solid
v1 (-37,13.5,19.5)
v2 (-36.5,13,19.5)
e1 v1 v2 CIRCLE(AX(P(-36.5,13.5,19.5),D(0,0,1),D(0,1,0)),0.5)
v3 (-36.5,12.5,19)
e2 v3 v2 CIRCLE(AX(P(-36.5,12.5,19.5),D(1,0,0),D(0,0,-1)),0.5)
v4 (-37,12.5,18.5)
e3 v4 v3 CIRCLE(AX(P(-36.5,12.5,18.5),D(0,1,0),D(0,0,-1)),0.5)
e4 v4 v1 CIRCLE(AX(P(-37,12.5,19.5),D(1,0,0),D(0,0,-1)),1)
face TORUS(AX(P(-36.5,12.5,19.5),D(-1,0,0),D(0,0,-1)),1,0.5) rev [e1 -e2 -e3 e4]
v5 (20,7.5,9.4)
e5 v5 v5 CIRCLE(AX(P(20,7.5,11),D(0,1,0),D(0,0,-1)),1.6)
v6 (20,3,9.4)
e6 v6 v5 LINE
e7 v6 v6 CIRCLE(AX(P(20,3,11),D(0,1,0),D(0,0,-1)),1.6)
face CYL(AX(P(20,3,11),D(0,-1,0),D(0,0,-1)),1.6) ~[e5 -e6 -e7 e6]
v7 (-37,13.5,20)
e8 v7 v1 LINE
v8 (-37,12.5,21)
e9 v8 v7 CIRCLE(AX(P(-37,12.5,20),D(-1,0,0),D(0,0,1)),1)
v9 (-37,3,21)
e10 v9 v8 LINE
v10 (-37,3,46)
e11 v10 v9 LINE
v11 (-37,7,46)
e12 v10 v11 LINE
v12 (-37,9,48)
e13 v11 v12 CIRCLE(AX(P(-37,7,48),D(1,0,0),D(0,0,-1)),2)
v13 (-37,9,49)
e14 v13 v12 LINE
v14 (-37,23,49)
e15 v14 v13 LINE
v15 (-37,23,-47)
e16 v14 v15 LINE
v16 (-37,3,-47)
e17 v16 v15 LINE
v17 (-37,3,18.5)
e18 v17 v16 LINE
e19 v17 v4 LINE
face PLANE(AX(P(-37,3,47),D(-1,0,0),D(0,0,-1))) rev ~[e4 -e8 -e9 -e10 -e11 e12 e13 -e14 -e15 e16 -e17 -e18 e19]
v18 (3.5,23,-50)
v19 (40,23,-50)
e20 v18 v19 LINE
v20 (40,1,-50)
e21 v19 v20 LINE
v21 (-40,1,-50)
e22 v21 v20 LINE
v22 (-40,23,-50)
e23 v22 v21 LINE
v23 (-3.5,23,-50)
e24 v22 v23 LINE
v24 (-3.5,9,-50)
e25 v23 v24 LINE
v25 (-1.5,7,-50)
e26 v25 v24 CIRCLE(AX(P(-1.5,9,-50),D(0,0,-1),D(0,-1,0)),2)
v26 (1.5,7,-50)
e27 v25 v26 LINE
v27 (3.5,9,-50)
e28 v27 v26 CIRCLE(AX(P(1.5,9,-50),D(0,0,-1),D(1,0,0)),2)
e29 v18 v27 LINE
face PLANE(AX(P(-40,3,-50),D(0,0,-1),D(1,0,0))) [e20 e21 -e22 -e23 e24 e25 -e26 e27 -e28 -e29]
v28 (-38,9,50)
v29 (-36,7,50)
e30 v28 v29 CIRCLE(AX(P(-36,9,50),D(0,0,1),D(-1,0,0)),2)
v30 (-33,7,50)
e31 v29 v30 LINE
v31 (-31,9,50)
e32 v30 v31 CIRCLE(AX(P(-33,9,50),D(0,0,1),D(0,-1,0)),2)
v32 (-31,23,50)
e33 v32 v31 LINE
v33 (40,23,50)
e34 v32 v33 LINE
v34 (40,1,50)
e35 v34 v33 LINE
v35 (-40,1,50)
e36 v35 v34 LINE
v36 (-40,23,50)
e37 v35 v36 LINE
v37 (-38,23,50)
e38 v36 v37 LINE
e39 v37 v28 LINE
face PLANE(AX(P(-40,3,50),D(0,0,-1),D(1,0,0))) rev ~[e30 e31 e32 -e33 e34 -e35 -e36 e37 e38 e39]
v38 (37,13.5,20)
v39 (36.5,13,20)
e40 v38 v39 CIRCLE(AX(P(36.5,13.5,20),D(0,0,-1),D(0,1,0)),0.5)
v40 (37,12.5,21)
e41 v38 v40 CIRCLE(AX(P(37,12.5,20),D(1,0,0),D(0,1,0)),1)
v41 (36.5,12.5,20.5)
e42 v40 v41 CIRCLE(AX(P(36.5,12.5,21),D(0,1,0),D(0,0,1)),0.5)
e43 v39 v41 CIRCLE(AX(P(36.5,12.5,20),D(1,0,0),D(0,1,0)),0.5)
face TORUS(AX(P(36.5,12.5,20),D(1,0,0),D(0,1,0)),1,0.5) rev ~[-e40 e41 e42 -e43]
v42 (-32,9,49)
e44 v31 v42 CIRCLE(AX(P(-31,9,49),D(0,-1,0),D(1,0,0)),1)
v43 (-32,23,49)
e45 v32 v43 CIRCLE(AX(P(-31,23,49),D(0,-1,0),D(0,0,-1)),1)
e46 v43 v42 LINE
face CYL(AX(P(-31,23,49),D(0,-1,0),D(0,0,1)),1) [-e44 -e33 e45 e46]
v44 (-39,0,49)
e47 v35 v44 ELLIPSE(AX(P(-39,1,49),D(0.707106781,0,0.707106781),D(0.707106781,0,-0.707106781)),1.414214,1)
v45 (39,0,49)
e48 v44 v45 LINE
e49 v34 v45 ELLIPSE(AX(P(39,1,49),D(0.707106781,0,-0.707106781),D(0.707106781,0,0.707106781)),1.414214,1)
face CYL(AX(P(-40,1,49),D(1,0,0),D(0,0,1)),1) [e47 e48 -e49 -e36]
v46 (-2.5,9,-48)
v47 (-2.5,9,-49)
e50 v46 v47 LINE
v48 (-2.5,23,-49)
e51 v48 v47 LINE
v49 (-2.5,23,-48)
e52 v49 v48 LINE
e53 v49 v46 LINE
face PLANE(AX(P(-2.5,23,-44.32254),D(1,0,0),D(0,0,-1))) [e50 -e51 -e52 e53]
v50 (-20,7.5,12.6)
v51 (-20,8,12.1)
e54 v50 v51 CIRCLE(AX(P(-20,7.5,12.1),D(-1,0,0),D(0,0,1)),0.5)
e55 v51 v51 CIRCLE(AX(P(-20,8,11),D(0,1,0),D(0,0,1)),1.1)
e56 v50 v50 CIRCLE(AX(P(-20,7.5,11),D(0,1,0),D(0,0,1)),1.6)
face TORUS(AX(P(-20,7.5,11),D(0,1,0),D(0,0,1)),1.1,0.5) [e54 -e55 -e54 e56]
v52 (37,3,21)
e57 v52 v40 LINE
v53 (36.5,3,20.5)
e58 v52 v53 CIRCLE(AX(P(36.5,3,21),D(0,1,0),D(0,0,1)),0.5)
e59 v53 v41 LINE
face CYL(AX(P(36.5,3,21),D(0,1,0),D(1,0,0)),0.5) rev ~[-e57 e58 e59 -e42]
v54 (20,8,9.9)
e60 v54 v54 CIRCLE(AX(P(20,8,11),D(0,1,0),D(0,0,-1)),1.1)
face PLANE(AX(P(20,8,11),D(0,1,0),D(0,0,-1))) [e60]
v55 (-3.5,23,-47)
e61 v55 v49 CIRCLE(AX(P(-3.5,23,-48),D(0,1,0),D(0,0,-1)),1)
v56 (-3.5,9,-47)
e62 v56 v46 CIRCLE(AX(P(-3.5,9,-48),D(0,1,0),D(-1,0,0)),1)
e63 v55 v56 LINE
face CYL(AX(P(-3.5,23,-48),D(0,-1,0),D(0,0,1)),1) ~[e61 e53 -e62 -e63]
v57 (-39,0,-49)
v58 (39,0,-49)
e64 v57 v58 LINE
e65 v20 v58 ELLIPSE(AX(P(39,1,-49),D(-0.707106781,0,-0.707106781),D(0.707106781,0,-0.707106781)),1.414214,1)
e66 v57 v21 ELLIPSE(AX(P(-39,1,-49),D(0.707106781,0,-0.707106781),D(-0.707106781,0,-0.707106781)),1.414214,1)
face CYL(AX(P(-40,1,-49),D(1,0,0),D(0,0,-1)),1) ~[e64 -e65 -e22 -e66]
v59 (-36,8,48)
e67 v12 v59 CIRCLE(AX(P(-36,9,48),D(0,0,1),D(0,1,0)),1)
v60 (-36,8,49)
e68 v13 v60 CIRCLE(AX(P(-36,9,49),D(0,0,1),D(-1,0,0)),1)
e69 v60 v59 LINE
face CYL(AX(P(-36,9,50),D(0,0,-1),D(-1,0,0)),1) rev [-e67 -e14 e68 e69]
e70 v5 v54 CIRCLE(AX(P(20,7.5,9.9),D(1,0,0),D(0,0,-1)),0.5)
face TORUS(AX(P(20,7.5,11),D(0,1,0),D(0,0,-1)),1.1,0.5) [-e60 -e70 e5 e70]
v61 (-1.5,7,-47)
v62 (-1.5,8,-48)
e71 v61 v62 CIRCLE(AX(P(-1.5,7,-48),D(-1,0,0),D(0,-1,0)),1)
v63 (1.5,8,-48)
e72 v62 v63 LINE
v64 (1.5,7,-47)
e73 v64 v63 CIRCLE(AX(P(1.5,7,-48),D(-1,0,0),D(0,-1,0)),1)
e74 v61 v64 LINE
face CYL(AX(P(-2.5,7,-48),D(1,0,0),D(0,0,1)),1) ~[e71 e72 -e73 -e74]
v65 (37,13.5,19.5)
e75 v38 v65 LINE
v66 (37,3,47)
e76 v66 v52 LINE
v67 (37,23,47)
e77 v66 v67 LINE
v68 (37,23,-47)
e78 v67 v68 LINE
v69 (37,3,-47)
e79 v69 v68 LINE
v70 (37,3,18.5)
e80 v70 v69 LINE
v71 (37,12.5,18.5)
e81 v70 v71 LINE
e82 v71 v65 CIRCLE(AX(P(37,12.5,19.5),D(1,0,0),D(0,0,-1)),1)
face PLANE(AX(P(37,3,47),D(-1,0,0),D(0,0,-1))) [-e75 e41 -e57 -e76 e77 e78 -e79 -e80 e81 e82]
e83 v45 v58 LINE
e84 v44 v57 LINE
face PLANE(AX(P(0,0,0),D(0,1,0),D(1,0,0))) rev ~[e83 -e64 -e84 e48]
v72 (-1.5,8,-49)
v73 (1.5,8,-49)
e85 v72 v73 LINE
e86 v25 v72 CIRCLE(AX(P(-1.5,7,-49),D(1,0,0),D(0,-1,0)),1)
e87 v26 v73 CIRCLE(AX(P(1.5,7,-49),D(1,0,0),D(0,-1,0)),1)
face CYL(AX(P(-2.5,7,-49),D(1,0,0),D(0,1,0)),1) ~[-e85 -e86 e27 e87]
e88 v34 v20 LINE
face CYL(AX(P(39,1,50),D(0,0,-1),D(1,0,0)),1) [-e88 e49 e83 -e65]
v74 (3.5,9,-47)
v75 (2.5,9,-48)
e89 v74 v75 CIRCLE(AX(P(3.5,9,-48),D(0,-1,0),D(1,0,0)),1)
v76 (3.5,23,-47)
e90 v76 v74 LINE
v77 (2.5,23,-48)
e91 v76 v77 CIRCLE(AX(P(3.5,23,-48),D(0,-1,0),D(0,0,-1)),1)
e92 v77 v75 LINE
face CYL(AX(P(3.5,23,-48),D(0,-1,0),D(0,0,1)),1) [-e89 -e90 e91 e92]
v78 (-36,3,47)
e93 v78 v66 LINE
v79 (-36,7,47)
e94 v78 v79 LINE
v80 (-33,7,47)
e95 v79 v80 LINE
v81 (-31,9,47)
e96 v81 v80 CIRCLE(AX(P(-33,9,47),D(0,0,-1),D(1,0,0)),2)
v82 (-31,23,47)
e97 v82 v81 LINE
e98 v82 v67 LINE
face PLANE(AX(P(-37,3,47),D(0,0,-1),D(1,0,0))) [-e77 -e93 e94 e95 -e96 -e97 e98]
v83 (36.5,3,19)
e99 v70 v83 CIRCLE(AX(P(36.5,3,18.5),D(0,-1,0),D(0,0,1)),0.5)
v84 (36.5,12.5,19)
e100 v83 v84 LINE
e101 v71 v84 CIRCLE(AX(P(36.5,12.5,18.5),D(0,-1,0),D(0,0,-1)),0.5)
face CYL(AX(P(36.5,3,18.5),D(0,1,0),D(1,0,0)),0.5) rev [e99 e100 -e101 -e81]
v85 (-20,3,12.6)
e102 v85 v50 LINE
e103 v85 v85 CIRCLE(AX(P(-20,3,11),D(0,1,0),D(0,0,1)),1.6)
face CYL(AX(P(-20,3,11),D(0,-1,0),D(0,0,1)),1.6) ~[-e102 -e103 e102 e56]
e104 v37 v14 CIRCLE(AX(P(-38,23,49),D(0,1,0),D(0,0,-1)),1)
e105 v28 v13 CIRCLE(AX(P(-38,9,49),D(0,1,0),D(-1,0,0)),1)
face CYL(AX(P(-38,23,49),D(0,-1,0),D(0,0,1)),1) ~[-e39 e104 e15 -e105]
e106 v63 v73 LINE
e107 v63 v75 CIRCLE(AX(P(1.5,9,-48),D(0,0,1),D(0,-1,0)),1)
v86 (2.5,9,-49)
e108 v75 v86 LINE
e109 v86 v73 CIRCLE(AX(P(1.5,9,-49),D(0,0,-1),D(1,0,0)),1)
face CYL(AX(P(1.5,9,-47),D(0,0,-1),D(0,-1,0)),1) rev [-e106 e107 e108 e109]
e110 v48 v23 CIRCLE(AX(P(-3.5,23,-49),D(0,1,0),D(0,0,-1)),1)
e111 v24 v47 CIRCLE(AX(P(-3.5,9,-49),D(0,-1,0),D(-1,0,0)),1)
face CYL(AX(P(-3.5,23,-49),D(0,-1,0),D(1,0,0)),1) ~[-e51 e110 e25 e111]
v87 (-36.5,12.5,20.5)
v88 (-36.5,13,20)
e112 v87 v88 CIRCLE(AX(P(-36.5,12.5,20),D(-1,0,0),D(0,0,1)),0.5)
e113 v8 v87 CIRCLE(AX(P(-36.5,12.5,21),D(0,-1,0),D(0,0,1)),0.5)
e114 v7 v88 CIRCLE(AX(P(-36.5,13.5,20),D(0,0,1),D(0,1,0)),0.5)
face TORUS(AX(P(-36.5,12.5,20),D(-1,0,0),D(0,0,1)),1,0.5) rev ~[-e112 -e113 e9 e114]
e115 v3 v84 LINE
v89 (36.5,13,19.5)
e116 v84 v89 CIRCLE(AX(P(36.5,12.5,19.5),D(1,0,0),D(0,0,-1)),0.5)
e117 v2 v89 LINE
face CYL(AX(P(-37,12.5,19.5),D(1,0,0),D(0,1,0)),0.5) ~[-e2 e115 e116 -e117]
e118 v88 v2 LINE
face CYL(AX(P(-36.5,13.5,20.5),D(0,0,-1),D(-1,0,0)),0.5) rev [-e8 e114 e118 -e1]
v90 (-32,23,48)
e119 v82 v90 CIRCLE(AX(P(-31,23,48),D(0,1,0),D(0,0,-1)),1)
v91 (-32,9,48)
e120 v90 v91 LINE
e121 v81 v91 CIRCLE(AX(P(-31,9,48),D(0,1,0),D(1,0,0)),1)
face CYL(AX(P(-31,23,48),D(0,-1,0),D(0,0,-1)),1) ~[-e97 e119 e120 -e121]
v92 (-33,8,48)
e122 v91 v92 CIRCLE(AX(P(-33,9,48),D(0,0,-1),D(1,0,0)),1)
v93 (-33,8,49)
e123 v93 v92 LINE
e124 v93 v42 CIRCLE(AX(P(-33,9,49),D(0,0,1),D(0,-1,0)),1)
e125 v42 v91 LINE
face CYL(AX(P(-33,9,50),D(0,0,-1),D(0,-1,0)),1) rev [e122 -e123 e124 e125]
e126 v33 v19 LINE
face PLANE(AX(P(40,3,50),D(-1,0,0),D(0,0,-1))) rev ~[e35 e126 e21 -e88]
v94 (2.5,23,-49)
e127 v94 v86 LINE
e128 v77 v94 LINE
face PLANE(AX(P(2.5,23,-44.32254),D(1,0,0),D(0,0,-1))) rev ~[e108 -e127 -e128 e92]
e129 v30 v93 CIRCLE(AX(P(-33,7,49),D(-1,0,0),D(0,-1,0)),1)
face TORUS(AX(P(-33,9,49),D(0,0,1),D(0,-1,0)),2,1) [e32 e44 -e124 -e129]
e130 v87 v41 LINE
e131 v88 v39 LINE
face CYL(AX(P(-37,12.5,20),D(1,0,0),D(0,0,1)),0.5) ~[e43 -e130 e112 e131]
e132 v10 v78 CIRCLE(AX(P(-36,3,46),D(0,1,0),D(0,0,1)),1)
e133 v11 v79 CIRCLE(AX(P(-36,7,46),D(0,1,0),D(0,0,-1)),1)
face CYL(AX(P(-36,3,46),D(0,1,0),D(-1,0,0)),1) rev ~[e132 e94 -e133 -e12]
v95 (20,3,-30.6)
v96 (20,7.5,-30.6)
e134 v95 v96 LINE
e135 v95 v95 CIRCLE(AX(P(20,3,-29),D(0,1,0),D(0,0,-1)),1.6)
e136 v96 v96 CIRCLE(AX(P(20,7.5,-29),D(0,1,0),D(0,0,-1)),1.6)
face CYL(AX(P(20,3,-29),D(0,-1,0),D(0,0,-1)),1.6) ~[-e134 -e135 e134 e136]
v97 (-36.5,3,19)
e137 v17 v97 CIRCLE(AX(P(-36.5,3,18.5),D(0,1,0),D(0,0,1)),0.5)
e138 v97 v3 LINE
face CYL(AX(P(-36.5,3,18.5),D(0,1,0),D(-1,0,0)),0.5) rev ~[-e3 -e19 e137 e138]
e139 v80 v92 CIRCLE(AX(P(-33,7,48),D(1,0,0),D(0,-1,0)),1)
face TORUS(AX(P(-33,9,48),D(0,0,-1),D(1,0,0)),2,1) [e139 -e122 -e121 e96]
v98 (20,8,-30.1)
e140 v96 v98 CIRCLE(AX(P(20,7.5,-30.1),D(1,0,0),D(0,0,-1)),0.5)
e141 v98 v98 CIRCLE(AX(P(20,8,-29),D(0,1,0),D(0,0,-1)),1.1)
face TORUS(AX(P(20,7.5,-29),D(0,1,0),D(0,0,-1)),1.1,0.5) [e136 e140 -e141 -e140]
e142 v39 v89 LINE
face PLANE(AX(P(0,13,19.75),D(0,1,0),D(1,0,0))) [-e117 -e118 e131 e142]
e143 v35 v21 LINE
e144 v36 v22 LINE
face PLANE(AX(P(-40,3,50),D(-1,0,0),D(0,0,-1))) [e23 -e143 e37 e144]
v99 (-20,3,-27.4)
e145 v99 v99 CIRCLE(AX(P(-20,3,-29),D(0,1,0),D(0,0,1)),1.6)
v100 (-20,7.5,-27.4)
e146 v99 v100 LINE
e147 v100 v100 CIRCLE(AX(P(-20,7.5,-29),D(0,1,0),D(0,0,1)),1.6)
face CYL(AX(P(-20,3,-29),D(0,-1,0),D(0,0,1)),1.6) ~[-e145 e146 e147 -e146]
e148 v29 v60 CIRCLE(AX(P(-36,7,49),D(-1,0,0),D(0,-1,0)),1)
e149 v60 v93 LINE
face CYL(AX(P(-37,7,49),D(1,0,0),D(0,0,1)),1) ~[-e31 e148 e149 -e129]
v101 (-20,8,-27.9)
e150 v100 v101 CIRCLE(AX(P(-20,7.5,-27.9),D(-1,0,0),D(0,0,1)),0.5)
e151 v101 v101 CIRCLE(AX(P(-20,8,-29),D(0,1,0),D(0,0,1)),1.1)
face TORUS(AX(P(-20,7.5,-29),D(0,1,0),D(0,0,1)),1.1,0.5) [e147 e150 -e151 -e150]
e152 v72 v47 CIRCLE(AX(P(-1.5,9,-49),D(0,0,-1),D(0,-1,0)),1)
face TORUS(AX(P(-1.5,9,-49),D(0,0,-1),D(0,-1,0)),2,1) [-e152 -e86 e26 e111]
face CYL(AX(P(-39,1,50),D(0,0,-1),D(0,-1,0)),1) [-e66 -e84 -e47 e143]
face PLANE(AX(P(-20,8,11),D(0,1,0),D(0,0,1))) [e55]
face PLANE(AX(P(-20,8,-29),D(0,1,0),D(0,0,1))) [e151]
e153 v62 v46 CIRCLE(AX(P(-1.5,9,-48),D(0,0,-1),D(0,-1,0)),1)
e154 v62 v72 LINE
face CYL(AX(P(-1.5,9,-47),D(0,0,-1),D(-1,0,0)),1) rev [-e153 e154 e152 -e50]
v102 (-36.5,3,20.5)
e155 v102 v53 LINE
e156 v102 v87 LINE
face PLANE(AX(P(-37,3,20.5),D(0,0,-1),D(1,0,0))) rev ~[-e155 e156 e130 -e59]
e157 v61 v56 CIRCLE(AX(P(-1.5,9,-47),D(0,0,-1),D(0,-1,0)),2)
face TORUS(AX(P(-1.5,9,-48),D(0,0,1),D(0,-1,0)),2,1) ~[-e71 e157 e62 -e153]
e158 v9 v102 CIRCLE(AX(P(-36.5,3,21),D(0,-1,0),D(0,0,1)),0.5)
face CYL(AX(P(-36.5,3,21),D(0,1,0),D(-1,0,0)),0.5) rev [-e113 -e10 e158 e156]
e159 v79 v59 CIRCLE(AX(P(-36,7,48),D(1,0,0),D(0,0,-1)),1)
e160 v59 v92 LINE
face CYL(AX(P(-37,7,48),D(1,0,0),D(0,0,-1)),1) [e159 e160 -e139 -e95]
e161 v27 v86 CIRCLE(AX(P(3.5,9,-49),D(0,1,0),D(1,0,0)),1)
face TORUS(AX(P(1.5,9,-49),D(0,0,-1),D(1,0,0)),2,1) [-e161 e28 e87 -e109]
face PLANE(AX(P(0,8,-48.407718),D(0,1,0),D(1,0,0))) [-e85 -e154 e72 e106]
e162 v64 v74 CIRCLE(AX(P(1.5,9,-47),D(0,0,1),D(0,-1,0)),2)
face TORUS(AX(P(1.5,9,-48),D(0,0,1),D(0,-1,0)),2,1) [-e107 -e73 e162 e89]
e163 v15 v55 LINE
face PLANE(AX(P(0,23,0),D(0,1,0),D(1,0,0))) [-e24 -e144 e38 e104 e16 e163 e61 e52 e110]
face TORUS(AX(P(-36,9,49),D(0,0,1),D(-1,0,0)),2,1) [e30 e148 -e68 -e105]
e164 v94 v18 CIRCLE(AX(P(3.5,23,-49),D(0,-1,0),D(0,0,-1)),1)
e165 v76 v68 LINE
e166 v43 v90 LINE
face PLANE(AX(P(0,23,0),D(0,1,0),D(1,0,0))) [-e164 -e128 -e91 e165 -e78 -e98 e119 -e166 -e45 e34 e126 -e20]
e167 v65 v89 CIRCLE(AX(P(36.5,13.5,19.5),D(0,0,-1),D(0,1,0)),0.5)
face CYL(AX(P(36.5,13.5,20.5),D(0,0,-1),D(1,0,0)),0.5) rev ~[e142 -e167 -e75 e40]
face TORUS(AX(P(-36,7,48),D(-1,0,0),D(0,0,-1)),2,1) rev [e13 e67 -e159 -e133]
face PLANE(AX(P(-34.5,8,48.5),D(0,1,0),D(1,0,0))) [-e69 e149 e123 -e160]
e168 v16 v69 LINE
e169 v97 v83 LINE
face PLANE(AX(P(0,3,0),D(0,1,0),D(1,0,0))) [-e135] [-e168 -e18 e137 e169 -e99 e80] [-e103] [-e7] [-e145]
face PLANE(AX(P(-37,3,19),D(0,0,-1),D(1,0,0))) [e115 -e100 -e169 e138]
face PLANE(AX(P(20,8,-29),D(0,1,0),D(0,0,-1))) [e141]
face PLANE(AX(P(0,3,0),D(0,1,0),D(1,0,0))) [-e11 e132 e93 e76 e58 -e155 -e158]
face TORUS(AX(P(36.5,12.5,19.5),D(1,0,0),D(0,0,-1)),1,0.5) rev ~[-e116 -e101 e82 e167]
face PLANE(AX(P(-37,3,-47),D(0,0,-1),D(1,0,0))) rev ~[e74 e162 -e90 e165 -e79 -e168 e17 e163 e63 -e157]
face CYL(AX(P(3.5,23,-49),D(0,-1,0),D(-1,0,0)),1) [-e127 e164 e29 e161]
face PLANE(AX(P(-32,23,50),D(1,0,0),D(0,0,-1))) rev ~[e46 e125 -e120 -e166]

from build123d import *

# Parameters (mm, degrees)
SKETCH1_W           = 80
SKETCH1_H           = 100
BOSS_EXTRUDE1_DEPTH = 3
SKETCH2_W           = 80
SKETCH2_H           = 100
SKETCH2_W_2         = 74
SKETCH2_H_2         = 94
BOSS_EXTRUDE2_DEPTH = 20
SKETCH3_R           = 1.6
BOSS_EXTRUDE3_DEPTH = 5
SKETCH4_W           = 74
SKETCH4_H           = 1.5
BOSS_EXTRUDE4_DEPTH = 10
SKETCH6_W           = 5
SKETCH6_H           = 3
SKETCH6_H_2         = 8.17035569
CUT_EXTRUDE1_DEPTH  = 15
FILLET1_R           = 1
FILLET2_R           = 0.5
FILLET3_R           = 1


with BuildPart() as part:
    # Sketch1 → Boss-Extrude1 (new body)
    with BuildSketch(Plane(origin=(0, 0, 0), x_dir=(1, 0, 0), z_dir=(0, 1, 0))):
        Rectangle(SKETCH1_W, SKETCH1_H)
    extrude(amount=BOSS_EXTRUDE1_DEPTH)

    # Sketch2 → Boss-Extrude2 (add)
    with BuildSketch(Plane(origin=(0, 3, 0), x_dir=(1, 0, 0), z_dir=(0, 1, 0))):
        Rectangle(SKETCH2_W, SKETCH2_H)
        Rectangle(SKETCH2_W_2, SKETCH2_H_2, mode=Mode.SUBTRACT)
    extrude(amount=BOSS_EXTRUDE2_DEPTH)

    # Sketch3 → Boss-Extrude3 (add)
    with BuildSketch(Plane(origin=(0, 3, 0), x_dir=(1, 0, 0), z_dir=(0, 1, 0))):
        with Locations(Location((-20, 29, 0), (0, 0, 270))):
            Circle(SKETCH3_R)
        with Locations(Location((-20, -11, 0), (0, 0, 270))):
            Circle(SKETCH3_R)
        with Locations(Location((20, -11, 0), (0, 0, 90))):
            Circle(SKETCH3_R)
        with Locations(Location((20, 29, 0), (0, 0, 90))):
            Circle(SKETCH3_R)
    extrude(amount=BOSS_EXTRUDE3_DEPTH)

    # Sketch4 → Boss-Extrude4 (add)
    with BuildSketch(Plane(origin=(0, 3, 0), x_dir=(1, 0, 0), z_dir=(0, 1, 0))):
        with Locations((0, -19.75)):
            Rectangle(SKETCH4_W, SKETCH4_H)
    extrude(amount=BOSS_EXTRUDE4_DEPTH)

    # Sketch6 → Cut-Extrude1 (cut)
    with BuildSketch(Plane(origin=(0, 23, 0), x_dir=(1, 0, 0), z_dir=(0, 1, 0))):
        with Locations((-34.5, -48.5)):
            Rectangle(SKETCH6_W, SKETCH6_H)
        with Locations((0, 48.407717635)):
            Rectangle(SKETCH6_W, SKETCH6_H_2)
    extrude(amount=-CUT_EXTRUDE1_DEPTH, mode=Mode.SUBTRACT)

    # Fillet1
    fillet1_edges = [part.edges().sort_by_distance(p)[0] for p in [
        (-37, 5.5, 47),
        (-37, 8, 48.5),
        (-37, 15.5, 50),
        (-34.5, 8, 47),
        (-32, 8, 48.5),
        (-32, 15.5, 47),
        (-34.5, 8, 50),
        (-32, 15.5, 50),
        (0, 8, -47),
        (-2.5, 15.5, -47),
        (2.5, 15.5, -47),
        (2.5, 8, -48.5),
        (2.5, 15.5, -50),
        (-2.5, 15.5, -50),
        (-2.5, 8, -48.5),
        (0, 8, -50),
    ]]
    fillet(fillet1_edges, radius=FILLET1_R)

    # Fillet2
    fillet2_edges = [part.edges().sort_by_distance(p)[0] for p in [
        (-20, 8, -30.6),
        (-20, 8, 9.4),
        (20, 8, 12.6),
        (20, 8, -27.4),
        (-37, 8, 19),
        (-37, 8, 20.5),
        (37, 8, 20.5),
        (37, 8, 19),
        (-37, 13, 19.75),
        (0, 13, 20.5),
        (37, 13, 19.75),
        (0, 13, 19),
    ]]
    fillet(fillet2_edges, radius=FILLET2_R)

    # Fillet3
    fillet3_edges = [part.edges().sort_by_distance(p)[0] for p in [
        (0, 0, 50),
        (-40, 0, 0),
        (0, 0, -50),
        (40, 0, 0),
    ]]
    fillet(fillet3_edges, radius=FILLET3_R)


solid = part.part
